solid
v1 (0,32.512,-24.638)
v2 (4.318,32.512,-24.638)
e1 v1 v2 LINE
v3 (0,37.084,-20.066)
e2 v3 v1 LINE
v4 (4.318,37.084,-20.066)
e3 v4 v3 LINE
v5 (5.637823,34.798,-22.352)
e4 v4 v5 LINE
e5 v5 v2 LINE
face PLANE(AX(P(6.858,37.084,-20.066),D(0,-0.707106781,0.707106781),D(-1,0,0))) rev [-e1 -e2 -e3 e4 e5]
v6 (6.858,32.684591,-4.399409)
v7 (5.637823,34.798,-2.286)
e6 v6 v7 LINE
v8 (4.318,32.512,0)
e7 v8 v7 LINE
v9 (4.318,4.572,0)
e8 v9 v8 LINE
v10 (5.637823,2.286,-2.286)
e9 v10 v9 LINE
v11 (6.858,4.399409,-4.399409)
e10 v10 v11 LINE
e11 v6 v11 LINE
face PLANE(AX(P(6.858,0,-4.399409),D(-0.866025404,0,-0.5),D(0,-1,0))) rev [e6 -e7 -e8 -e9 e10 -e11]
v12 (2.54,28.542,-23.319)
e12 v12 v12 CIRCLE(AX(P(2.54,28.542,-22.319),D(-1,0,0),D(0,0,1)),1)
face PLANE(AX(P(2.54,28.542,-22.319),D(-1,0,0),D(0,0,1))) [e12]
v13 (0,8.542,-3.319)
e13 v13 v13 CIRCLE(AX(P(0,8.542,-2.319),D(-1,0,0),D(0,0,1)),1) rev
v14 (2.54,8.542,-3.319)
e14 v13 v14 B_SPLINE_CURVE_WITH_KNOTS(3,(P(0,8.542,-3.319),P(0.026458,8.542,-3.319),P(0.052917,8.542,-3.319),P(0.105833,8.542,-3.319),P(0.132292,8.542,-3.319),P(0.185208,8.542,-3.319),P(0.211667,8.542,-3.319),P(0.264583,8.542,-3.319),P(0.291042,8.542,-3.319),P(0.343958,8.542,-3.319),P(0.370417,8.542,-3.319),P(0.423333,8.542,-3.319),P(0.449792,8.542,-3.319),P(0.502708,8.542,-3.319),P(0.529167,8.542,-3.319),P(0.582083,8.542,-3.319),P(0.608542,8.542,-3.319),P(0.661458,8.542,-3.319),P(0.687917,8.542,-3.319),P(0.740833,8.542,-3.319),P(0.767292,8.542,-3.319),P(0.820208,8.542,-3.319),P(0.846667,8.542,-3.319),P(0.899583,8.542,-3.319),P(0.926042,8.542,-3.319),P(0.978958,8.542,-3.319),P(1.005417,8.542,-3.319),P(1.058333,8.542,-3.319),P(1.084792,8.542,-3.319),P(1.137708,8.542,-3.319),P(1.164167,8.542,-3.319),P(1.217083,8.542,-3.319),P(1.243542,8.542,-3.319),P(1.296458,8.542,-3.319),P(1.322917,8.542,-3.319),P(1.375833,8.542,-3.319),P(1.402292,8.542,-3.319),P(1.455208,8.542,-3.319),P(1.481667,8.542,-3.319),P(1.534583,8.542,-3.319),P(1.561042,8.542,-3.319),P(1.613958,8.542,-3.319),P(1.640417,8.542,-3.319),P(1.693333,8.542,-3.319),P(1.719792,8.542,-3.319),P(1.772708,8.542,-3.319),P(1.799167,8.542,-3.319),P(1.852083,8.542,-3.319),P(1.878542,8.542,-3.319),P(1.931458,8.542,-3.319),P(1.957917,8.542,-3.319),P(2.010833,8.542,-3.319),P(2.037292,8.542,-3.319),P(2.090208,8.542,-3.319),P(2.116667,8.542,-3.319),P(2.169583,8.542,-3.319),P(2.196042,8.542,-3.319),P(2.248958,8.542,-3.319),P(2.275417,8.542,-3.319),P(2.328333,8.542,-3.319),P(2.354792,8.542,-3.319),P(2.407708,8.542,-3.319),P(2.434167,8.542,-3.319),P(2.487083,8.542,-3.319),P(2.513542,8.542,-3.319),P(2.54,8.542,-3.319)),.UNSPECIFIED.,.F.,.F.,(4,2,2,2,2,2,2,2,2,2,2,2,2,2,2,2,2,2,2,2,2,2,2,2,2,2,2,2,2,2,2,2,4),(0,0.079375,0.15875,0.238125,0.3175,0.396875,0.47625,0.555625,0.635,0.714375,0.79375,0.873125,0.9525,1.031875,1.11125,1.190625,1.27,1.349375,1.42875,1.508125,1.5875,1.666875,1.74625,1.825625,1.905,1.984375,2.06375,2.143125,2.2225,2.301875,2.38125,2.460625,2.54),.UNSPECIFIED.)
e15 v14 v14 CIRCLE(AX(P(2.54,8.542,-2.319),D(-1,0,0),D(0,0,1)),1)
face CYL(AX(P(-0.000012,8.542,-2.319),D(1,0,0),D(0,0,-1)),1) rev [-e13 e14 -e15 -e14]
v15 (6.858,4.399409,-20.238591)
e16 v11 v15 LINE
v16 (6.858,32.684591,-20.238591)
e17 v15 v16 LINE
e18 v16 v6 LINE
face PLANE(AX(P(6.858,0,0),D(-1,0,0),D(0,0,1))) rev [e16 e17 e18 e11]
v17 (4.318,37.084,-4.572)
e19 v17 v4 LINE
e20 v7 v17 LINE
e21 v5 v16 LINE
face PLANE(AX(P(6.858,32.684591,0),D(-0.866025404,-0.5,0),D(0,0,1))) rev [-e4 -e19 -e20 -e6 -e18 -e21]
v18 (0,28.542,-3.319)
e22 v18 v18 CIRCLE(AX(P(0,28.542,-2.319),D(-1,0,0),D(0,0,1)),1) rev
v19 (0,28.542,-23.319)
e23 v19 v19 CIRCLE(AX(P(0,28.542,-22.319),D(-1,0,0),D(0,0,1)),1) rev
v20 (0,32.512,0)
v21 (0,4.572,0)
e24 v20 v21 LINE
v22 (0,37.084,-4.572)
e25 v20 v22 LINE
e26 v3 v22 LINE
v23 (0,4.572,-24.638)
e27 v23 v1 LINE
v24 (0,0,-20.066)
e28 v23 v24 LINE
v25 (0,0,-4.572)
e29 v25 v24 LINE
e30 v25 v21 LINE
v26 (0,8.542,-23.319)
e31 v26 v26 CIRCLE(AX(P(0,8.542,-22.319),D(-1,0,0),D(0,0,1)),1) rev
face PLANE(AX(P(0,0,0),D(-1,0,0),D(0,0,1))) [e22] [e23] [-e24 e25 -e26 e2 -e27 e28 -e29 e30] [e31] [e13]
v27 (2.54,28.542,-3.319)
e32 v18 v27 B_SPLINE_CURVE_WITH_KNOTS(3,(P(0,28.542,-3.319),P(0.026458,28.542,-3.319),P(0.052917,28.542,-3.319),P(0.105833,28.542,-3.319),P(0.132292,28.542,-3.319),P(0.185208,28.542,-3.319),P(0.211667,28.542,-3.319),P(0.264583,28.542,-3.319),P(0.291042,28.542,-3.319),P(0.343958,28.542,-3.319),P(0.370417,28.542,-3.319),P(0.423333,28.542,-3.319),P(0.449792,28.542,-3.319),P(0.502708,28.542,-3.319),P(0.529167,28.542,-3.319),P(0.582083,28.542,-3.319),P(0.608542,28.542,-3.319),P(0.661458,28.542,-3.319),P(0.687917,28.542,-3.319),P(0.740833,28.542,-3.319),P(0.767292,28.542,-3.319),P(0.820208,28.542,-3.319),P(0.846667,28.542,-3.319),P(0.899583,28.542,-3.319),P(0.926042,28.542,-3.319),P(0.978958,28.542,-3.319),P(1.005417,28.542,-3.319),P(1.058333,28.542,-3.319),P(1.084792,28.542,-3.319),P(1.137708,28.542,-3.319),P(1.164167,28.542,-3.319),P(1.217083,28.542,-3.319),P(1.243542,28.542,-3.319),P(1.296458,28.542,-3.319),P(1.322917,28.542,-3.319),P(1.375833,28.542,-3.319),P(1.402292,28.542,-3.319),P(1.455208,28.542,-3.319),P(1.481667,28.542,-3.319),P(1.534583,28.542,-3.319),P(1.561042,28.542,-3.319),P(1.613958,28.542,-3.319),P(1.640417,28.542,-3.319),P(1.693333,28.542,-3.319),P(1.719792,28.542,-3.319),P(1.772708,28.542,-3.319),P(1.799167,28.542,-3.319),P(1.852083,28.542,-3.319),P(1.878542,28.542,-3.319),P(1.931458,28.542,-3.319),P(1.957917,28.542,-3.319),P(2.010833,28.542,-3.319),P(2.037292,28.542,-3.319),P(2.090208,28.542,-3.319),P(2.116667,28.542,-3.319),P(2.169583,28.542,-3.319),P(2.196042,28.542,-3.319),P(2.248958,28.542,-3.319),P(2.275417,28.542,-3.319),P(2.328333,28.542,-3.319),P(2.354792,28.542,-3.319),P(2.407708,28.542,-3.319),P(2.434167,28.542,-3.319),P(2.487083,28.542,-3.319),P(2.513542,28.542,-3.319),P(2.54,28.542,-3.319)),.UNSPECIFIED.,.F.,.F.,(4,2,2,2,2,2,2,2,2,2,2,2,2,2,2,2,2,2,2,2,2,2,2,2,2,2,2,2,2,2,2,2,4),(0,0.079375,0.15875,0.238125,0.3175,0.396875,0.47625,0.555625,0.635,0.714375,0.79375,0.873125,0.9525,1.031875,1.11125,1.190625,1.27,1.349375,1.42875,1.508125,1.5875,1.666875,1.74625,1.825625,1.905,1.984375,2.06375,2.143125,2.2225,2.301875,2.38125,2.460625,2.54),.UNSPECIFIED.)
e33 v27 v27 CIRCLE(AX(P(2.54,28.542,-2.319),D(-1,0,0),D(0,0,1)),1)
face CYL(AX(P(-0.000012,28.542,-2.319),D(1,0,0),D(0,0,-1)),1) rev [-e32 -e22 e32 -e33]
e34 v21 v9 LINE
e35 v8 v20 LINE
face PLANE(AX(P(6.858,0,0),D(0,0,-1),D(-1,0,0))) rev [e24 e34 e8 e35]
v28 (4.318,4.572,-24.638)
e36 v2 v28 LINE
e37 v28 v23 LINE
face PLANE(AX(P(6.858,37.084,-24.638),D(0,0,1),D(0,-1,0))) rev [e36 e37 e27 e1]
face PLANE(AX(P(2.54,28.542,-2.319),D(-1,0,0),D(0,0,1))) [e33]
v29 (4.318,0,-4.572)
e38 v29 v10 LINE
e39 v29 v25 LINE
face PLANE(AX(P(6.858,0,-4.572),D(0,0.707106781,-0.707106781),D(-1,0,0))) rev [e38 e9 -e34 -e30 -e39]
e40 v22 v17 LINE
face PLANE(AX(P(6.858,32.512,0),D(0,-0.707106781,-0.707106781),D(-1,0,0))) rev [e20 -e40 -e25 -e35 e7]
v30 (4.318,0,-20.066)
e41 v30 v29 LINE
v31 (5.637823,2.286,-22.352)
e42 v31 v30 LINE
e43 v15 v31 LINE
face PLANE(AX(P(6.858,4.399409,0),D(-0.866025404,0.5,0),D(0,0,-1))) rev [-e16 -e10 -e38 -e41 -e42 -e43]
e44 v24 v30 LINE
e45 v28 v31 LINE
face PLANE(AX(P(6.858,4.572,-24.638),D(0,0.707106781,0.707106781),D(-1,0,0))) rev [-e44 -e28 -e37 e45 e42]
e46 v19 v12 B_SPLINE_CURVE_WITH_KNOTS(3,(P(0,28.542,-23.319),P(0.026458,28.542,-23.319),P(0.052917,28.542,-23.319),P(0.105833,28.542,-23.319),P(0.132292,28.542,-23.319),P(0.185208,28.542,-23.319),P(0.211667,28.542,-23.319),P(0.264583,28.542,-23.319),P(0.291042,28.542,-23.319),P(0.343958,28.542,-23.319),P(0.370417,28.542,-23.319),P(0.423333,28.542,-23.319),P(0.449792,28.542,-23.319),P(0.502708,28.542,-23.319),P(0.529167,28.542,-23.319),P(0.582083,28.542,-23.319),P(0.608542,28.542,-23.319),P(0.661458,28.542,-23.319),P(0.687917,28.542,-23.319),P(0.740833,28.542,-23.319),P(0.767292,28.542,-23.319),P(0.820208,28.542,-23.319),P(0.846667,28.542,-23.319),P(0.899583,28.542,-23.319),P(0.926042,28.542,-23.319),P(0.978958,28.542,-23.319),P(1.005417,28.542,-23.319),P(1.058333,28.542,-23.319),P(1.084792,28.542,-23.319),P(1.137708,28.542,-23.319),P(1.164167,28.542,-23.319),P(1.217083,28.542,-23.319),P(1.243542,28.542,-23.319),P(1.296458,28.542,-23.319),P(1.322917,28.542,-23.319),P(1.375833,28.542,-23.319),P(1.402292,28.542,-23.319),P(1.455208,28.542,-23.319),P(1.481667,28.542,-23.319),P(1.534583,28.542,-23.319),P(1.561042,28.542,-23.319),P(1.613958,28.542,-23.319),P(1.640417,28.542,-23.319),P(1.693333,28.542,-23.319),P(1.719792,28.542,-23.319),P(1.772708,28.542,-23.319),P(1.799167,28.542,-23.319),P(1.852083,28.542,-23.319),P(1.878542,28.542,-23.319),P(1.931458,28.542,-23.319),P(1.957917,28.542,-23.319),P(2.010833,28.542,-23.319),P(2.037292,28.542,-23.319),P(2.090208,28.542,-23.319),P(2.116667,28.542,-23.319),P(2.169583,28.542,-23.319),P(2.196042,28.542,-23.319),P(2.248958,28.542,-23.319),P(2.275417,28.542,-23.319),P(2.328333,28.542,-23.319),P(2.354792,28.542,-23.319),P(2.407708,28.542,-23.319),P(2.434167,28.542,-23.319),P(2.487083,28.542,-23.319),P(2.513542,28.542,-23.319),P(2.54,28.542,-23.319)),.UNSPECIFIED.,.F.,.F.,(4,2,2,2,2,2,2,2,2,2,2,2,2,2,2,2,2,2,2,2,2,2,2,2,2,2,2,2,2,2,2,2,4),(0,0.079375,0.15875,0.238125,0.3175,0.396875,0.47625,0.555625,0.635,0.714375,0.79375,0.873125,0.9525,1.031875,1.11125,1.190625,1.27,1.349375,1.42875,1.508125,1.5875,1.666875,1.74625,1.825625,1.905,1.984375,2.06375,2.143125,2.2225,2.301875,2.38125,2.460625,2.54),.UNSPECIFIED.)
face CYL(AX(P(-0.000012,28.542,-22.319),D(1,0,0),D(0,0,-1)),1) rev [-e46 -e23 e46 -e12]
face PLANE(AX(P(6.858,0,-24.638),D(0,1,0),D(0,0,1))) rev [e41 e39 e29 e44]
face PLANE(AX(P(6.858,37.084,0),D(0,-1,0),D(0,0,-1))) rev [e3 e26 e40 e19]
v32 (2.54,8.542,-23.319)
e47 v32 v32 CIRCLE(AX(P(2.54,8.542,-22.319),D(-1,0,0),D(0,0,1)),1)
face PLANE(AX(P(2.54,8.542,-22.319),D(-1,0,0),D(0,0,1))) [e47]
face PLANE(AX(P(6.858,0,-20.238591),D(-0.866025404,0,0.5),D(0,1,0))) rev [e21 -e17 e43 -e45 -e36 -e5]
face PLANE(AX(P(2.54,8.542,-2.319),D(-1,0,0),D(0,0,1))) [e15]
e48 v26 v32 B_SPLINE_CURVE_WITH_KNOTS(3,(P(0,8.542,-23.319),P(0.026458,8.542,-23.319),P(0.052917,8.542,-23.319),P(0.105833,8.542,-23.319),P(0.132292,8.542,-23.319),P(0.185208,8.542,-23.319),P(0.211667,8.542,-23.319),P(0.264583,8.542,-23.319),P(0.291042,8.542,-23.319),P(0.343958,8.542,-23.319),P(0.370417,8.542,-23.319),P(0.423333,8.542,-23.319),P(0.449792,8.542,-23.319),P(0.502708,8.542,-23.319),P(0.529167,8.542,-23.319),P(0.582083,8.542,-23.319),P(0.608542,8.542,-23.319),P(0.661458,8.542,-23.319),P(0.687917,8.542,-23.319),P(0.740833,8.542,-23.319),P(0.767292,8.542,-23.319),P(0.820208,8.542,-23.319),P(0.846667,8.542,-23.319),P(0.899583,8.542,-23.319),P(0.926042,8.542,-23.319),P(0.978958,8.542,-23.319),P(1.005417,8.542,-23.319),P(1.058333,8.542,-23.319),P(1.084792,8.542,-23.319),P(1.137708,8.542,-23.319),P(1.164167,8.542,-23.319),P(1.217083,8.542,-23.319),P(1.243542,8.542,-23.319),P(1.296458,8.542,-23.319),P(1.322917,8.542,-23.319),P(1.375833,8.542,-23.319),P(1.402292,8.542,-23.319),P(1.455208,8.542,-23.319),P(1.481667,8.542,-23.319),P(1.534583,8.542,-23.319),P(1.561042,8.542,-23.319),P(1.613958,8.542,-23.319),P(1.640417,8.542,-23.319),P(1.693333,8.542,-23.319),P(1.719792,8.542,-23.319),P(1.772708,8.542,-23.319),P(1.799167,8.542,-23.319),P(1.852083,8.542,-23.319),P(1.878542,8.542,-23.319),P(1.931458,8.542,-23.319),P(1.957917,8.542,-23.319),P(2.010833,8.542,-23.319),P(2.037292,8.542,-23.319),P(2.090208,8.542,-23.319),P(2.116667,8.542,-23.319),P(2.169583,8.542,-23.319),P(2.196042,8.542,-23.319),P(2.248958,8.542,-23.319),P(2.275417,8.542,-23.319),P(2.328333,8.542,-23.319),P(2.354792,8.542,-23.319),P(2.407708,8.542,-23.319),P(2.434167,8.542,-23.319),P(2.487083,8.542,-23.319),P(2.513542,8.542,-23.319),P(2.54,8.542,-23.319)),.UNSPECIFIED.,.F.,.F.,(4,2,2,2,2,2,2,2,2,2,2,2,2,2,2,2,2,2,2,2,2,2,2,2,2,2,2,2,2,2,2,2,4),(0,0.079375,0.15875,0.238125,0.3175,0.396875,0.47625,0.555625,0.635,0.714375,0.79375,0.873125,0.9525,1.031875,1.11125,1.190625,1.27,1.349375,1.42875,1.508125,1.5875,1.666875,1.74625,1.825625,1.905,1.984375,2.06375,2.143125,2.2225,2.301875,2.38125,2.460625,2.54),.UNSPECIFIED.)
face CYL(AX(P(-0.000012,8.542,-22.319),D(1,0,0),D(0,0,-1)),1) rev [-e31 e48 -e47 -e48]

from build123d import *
from OCP.BRepFilletAPI import BRepFilletAPI_MakeChamfer

# Parameters (mm, degrees)
SKETCH1_W               = 37.084
SKETCH1_H               = 24.638
BOSS_EXTRUDE1_DEPTH     = 6.858
CHAMFER2_SIZE           = 4.572
CHAMFER3_SIZE           = 2.54
CHAMFER3_SIZE2          = 4.399409051
CHAMFER4_SIZE           = 2.54
CHAMFER4_SIZE2          = 4.399409051
CUT_EXTRUDE1_DEPTH      = 46.04759998
CUT_EXTRUDE1_DEPTH_BACK = 2.54
SKETCH3_R               = 1


with BuildPart() as part:
    # Sketch1 → Boss-Extrude1 (new body)
    with BuildSketch(Plane.YZ):
        with Locations((18.542, -12.319)):
            Rectangle(SKETCH1_W, SKETCH1_H)
    extrude(amount=BOSS_EXTRUDE1_DEPTH)

    # Chamfer2
    chamfer2_edges = [part.edges().sort_by_distance(p)[0] for p in [
        (3.429, 0, 0),
        (3.429, 37.084, 0),
        (3.429, 37.084, -24.638),
        (3.429, 0, -24.638),
    ]]
    chamfer(chamfer2_edges, length=CHAMFER2_SIZE)

    # Chamfer3: one chamfer whose edges measure the first distance from different faces: ONE call of the kernel's chamfer builder (chamfer() names one face for all edges)
    chamfer3_edges_1 = [part.edges().sort_by_distance(p)[0] for p in [
        (6.858, 18.542, 0),
    ]]
    chamfer3_side_1 = [part.faces().sort_by_distance(p)[0] for p in [
        (3.429, 18.542, 0),
    ]]
    chamfer3_edges_2 = [part.edges().sort_by_distance(p)[0] for p in [
        (6.858, 18.542, -24.638),
    ]]
    chamfer3_side_2 = [part.faces().sort_by_distance(p)[0] for p in [
        (3.429, 18.542, -24.638),
    ]]
    chamfer3 = BRepFilletAPI_MakeChamfer(part.part.solid().wrapped)
    for e in chamfer3_edges_1:
        chamfer3.Add(CHAMFER3_SIZE, CHAMFER3_SIZE2, e.wrapped, chamfer3_side_1[0].wrapped)  # the first distance lies on this face
    for e in chamfer3_edges_2:
        chamfer3.Add(CHAMFER3_SIZE, CHAMFER3_SIZE2, e.wrapped, chamfer3_side_2[0].wrapped)  # the first distance lies on this face
    add(Compound.cast(chamfer3.Shape()), mode=Mode.REPLACE)

    # Chamfer4: one chamfer whose edges measure the first distance from different faces: ONE call of the kernel's chamfer builder (chamfer() names one face for all edges)
    chamfer4_edges_1 = [part.edges().sort_by_distance(p)[0] for p in [
        (6.858, 0, -12.319),
    ]]
    chamfer4_side_1 = [part.faces().sort_by_distance(p)[0] for p in [
        (3.429, 0, -12.319),
    ]]
    chamfer4_edges_2 = [part.edges().sort_by_distance(p)[0] for p in [
        (6.858, 37.084, -12.319),
    ]]
    chamfer4_side_2 = [part.faces().sort_by_distance(p)[0] for p in [
        (3.429, 37.084, -12.319),
    ]]
    chamfer4 = BRepFilletAPI_MakeChamfer(part.part.solid().wrapped)
    for e in chamfer4_edges_1:
        chamfer4.Add(CHAMFER4_SIZE, CHAMFER4_SIZE2, e.wrapped, chamfer4_side_1[0].wrapped)  # the first distance lies on this face
    for e in chamfer4_edges_2:
        chamfer4.Add(CHAMFER4_SIZE, CHAMFER4_SIZE2, e.wrapped, chamfer4_side_2[0].wrapped)  # the first distance lies on this face
    add(Compound.cast(chamfer4.Shape()), mode=Mode.REPLACE)

    # Sketch3 → Cut-Extrude1 (cut, two sides: drawn at the far end of the back side and taken through both)
    with BuildSketch(Plane(origin=(0, 0, 0), x_dir=(0, -1, 0), z_dir=(-1, 0, 0)).offset(-CUT_EXTRUDE1_DEPTH_BACK)):
        with Locations(Location((-8.542, -2.319, 0), (0, 0, 270))):
            Circle(SKETCH3_R)
        with Locations(Location((-8.542, -22.319, 0), (0, 0, 270))):
            Circle(SKETCH3_R)
        with Locations(Location((-28.542, -22.319, 0), (0, 0, 270))):
            Circle(SKETCH3_R)
        with Locations(Location((-28.542, -2.319, 0), (0, 0, 270))):
            Circle(SKETCH3_R)
    extrude(amount=CUT_EXTRUDE1_DEPTH + CUT_EXTRUDE1_DEPTH_BACK, mode=Mode.SUBTRACT)


solid = part.part
